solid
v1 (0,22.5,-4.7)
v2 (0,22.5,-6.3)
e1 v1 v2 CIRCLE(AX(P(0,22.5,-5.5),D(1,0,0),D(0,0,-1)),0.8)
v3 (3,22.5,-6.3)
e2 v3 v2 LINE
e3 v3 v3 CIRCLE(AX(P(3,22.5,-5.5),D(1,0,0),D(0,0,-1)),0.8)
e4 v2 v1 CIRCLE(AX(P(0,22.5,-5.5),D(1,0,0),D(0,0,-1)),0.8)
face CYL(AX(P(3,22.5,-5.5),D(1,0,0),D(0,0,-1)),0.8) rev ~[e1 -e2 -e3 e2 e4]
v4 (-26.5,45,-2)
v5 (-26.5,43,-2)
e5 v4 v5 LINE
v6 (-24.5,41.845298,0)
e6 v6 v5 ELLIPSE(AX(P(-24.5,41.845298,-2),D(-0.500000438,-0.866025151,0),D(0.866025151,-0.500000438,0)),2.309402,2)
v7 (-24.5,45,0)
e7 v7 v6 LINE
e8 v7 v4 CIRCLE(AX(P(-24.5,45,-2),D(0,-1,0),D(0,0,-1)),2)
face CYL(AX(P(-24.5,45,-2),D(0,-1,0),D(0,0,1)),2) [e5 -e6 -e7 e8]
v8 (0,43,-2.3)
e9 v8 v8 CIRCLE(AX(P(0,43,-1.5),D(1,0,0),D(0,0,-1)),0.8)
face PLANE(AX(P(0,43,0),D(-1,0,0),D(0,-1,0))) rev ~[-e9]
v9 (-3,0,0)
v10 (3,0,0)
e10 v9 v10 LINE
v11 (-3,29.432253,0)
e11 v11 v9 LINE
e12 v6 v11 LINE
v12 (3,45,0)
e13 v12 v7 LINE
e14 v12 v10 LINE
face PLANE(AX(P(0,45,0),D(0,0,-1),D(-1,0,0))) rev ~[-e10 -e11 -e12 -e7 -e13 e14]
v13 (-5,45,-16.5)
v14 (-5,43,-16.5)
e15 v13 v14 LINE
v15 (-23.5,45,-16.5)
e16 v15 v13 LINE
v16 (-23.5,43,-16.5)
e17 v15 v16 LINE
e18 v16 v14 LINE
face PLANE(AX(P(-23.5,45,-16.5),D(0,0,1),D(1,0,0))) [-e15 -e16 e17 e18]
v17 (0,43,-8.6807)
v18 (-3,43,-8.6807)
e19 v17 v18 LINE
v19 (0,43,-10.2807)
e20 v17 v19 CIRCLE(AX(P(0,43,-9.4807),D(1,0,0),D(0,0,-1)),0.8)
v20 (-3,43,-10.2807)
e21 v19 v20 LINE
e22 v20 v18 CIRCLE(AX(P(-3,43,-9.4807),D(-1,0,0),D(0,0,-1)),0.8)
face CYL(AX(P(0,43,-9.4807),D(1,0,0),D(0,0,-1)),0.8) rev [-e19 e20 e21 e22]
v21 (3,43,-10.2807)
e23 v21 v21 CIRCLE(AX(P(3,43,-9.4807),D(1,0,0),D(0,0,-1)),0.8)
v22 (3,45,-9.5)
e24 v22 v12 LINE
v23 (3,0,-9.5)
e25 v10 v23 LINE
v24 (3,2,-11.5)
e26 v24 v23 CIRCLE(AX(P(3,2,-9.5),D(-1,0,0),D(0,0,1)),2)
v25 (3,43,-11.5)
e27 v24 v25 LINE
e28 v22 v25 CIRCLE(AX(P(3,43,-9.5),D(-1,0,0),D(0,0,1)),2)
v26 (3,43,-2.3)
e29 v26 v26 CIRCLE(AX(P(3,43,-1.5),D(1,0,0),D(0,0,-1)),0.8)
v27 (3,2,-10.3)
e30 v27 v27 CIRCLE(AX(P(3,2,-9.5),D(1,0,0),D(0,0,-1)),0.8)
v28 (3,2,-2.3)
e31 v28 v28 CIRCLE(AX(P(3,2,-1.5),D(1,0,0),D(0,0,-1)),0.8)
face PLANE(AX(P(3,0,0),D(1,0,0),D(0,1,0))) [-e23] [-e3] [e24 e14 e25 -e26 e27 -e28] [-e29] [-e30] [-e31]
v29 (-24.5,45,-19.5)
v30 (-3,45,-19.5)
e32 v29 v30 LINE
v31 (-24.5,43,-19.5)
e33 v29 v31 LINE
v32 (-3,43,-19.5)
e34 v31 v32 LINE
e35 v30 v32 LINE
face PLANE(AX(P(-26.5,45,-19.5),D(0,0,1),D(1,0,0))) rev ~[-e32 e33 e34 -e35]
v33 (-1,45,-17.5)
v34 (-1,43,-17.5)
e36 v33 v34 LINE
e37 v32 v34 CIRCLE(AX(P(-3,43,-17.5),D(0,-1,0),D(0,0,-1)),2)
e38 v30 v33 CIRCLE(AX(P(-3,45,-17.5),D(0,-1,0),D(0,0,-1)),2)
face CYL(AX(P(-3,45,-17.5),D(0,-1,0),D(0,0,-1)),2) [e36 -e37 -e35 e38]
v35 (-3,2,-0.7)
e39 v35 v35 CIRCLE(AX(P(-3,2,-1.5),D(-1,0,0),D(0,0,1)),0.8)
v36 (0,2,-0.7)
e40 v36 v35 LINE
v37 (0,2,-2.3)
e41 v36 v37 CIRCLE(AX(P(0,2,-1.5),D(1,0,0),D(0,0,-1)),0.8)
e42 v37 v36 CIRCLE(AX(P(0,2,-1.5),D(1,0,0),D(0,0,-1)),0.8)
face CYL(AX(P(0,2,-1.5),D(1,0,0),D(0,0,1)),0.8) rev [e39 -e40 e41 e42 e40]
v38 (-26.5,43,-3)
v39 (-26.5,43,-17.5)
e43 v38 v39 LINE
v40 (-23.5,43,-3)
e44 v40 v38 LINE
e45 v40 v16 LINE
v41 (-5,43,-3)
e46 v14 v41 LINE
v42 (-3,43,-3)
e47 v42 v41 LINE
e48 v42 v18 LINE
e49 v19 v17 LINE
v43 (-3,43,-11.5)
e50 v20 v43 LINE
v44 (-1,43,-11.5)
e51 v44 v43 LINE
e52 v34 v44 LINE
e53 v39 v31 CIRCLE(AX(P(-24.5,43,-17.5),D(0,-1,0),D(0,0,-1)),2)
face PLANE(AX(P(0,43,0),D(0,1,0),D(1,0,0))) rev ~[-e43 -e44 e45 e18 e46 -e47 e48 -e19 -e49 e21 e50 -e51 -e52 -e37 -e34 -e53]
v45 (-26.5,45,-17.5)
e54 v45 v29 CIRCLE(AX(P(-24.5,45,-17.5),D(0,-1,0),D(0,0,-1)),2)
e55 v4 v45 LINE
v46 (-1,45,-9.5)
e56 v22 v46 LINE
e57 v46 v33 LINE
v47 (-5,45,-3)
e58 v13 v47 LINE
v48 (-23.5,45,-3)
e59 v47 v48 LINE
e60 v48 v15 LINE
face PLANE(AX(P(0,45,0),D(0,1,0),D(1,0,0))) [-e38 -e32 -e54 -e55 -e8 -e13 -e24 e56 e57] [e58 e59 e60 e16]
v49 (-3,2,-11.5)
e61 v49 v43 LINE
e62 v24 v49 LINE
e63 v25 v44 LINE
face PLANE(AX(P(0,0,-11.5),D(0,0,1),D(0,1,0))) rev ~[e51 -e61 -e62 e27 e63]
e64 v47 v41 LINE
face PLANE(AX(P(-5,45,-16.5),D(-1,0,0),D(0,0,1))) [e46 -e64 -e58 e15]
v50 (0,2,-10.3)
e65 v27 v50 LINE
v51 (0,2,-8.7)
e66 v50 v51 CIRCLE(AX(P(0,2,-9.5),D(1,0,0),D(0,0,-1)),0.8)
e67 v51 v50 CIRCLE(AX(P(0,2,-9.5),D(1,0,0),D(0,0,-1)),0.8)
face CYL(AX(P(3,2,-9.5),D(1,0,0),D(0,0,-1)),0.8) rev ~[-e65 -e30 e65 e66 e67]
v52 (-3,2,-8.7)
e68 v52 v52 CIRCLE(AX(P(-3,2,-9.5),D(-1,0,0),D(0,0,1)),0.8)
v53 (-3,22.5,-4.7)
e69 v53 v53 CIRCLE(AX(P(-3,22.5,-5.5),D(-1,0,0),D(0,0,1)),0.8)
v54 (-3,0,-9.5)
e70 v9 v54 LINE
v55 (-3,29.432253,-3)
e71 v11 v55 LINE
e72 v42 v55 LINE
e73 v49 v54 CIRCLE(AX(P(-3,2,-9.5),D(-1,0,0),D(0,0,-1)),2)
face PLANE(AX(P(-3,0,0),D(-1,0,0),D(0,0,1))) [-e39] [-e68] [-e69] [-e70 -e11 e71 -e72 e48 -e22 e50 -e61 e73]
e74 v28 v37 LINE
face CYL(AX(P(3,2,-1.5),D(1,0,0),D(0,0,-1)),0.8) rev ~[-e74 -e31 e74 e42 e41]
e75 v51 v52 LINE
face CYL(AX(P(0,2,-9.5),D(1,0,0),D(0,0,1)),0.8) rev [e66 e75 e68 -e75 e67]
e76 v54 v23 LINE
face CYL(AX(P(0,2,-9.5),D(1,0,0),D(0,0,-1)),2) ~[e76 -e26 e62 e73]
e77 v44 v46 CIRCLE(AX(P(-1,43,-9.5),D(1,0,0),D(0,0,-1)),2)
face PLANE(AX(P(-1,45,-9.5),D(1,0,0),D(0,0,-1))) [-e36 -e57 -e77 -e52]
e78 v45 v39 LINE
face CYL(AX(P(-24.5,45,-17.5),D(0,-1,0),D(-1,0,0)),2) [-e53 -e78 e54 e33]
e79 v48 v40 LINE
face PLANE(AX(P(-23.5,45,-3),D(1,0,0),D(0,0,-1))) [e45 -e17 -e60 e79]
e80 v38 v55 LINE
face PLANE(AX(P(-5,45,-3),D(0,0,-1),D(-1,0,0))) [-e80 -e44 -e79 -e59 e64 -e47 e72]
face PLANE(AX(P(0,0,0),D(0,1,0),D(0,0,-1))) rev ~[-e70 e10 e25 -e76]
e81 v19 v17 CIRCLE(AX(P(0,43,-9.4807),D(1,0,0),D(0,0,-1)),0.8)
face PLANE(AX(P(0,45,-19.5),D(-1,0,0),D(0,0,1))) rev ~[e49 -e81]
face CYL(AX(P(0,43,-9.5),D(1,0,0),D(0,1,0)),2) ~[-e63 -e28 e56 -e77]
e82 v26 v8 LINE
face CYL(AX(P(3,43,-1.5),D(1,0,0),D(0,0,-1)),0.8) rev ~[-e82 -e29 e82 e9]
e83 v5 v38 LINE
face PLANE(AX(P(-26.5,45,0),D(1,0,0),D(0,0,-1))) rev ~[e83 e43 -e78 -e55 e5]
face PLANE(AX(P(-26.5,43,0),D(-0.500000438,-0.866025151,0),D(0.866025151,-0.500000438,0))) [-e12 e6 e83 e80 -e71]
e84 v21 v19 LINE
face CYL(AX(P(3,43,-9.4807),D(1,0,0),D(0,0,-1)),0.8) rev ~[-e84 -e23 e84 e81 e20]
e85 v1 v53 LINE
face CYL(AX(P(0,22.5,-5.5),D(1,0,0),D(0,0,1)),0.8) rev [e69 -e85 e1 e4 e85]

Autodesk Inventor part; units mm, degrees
ref_plane "YZ Plane" through (0, 0, 0) normal (1, 0, 0) x (0, 1, 0)
ref_plane "XZ Plane" through (0, 0, 0) normal (0, 1, 0) x (-1, 0, 0)
ref_plane "XY Plane" through (0, 0, 0) normal (0, 0, 1) x (1, 0, 0)
sketch "スケッチ1" plane through (0, 0, 0) normal (1, 0, 0) x (0, 1, 0)
  line L0 (45, 0) -> (0, 0)
  line L1 (0, 0) -> (0, -11.5)
  line L2 (0, -11.5) -> (45, -11.5)
  line L3 (45, -11.5) -> (45, 0)
  dimension "d0" = 45
  dimension "d1" = 11.5
extrude "押し出し1" add sketch "スケッチ1" along normal blind 3
sketch "スケッチ2" plane through (3, 0, 0) normal (1, 0, 0) x (0, 0, -1)
  circle A0 centre (1.5, 43) radius 0.8 projected
  circle A1 centre (9.4807, 43) radius 0.8 projected
  circle A2 centre (9.5, 2) radius 0.8 projected
  circle A3 centre (1.5, 2) radius 0.8 projected
  circle A4 centre (5.5, 22.5) radius 0.8 projected
  point P0 (0, 0)
extrude "押し出し2" cut sketch "スケッチ2" against normal through all
fillet "フィレット1" radius 2 2 edges at (1.5, 45, -11.5) (1.5, 0, -11.5)
sketch "スケッチ5" plane through (0, 45, 0) normal (0, 1, 0) x (1, 0, 0)
  line L0 (-5, 3) -> (-23.5, 3)
  line L1 (-23.5, 3) -> (-23.5, 16.5)
  line L2 (-23.5, 16.5) -> (-5, 16.5)
  line L3 (-5, 16.5) -> (-5, 3)
  line L4 (0, 0) -> (-26.5, 0)
  line L5 (-26.5, 0) -> (-26.5, 19.5)
  line L6 (-26.5, 19.5) -> (0, 19.5)
  line L7 (0, 19.5) -> (0, 0)
  point P0 (3, 0)
  dimension "d15" = 18.5
  dimension "d16" = 13.5
  dimension "d17" = 3
  dimension "d18" = 5
  dimension "d19" = 3
  dimension "d20" = 3
extrude "押し出し4" add sketch "スケッチ5" against normal blind 2
sketch "スケッチ6" plane through (0, 0, 0) normal (0, 0, 1) x (1, 0, 0)
  line L0 (0, 43) -> (-26.5, 43) projected
  line L1 (-26.5, 43) -> (0, 27.7002)
  line L2 (0, 25.5) -> (0, 40) projected
  line L3 (0, 43) -> (0, 0) projected
  dimension "d23" = 30
extrude "押し出し5" add sketch "スケッチ6" against normal up to surface (3 mm away)
sketch "スケッチ7" plane through (0, 45, -9.5) normal (1, 0, 0) x (0, 0, -1)
  line L0 (0, 0) -> (10, 0) projected
  arc A0 (2, -2) -> (0, 0) centre (0, -2) ccw projected
  line L1 (10, -2) -> (2, -2) projected
  line L2 (10, 0) -> (10, -2) projected
  line L3 (0, 0) -> (10, 0) projected
  point P0 (-9.5, -45)
extrude "押し出し6" cut sketch "スケッチ7" against normal blind 1
fillet "フィレット2" radius 2 3 edges at (-26.5, 44, 0) (-26.5, 44, -19.5) (-1, 44, -19.5)
sketch "スケッチ8" plane through (0, 0, 0) normal (-1, 0, 0) x (0, 0, 1)
  circle A0 centre (-1.5, 2) radius 0.8 projected
  circle A1 centre (-9.5, 2) radius 0.8 projected
  circle A2 centre (-5.5, 22.5) radius 0.8 projected
  line L0 (0, 27.7002) -> (-3, 27.7002) projected
  line L1 (-3, 27.7002) -> (-3, 43) projected
  line L2 (-3, 43) -> (-8.6807, 43) projected
  arc A3 (-10.2807, 43) -> (-8.6807, 43) centre (-9.4807, 43) ccw projected
  line L3 (-10.2807, 43) -> (-11.5, 43) projected
  line L4 (-11.5, 2) -> (-11.5, 43) projected
  arc A4 (-11.5, 2) -> (-9.5, 0) centre (-9.5, 2) ccw projected
  line L5 (0, 0) -> (-9.5, 0) projected
  line L6 (0, 27.7002) -> (0, 0) projected
  line L7 (-3, 39.3409) -> (0, 39.3409)
  line L8 (0, 39.3409) -> (0, 27.7002)
  line L9 (0, 27.7002) -> (-3, 27.7002)
  line L10 (-3, 27.7002) -> (-3, 39.3409)
extrude "押し出し7" add sketch "スケッチ8" along normal blind 3
equation "\"d19\" = d17"
equation "\"d20\" = d17"
properties part number "button_setter"
